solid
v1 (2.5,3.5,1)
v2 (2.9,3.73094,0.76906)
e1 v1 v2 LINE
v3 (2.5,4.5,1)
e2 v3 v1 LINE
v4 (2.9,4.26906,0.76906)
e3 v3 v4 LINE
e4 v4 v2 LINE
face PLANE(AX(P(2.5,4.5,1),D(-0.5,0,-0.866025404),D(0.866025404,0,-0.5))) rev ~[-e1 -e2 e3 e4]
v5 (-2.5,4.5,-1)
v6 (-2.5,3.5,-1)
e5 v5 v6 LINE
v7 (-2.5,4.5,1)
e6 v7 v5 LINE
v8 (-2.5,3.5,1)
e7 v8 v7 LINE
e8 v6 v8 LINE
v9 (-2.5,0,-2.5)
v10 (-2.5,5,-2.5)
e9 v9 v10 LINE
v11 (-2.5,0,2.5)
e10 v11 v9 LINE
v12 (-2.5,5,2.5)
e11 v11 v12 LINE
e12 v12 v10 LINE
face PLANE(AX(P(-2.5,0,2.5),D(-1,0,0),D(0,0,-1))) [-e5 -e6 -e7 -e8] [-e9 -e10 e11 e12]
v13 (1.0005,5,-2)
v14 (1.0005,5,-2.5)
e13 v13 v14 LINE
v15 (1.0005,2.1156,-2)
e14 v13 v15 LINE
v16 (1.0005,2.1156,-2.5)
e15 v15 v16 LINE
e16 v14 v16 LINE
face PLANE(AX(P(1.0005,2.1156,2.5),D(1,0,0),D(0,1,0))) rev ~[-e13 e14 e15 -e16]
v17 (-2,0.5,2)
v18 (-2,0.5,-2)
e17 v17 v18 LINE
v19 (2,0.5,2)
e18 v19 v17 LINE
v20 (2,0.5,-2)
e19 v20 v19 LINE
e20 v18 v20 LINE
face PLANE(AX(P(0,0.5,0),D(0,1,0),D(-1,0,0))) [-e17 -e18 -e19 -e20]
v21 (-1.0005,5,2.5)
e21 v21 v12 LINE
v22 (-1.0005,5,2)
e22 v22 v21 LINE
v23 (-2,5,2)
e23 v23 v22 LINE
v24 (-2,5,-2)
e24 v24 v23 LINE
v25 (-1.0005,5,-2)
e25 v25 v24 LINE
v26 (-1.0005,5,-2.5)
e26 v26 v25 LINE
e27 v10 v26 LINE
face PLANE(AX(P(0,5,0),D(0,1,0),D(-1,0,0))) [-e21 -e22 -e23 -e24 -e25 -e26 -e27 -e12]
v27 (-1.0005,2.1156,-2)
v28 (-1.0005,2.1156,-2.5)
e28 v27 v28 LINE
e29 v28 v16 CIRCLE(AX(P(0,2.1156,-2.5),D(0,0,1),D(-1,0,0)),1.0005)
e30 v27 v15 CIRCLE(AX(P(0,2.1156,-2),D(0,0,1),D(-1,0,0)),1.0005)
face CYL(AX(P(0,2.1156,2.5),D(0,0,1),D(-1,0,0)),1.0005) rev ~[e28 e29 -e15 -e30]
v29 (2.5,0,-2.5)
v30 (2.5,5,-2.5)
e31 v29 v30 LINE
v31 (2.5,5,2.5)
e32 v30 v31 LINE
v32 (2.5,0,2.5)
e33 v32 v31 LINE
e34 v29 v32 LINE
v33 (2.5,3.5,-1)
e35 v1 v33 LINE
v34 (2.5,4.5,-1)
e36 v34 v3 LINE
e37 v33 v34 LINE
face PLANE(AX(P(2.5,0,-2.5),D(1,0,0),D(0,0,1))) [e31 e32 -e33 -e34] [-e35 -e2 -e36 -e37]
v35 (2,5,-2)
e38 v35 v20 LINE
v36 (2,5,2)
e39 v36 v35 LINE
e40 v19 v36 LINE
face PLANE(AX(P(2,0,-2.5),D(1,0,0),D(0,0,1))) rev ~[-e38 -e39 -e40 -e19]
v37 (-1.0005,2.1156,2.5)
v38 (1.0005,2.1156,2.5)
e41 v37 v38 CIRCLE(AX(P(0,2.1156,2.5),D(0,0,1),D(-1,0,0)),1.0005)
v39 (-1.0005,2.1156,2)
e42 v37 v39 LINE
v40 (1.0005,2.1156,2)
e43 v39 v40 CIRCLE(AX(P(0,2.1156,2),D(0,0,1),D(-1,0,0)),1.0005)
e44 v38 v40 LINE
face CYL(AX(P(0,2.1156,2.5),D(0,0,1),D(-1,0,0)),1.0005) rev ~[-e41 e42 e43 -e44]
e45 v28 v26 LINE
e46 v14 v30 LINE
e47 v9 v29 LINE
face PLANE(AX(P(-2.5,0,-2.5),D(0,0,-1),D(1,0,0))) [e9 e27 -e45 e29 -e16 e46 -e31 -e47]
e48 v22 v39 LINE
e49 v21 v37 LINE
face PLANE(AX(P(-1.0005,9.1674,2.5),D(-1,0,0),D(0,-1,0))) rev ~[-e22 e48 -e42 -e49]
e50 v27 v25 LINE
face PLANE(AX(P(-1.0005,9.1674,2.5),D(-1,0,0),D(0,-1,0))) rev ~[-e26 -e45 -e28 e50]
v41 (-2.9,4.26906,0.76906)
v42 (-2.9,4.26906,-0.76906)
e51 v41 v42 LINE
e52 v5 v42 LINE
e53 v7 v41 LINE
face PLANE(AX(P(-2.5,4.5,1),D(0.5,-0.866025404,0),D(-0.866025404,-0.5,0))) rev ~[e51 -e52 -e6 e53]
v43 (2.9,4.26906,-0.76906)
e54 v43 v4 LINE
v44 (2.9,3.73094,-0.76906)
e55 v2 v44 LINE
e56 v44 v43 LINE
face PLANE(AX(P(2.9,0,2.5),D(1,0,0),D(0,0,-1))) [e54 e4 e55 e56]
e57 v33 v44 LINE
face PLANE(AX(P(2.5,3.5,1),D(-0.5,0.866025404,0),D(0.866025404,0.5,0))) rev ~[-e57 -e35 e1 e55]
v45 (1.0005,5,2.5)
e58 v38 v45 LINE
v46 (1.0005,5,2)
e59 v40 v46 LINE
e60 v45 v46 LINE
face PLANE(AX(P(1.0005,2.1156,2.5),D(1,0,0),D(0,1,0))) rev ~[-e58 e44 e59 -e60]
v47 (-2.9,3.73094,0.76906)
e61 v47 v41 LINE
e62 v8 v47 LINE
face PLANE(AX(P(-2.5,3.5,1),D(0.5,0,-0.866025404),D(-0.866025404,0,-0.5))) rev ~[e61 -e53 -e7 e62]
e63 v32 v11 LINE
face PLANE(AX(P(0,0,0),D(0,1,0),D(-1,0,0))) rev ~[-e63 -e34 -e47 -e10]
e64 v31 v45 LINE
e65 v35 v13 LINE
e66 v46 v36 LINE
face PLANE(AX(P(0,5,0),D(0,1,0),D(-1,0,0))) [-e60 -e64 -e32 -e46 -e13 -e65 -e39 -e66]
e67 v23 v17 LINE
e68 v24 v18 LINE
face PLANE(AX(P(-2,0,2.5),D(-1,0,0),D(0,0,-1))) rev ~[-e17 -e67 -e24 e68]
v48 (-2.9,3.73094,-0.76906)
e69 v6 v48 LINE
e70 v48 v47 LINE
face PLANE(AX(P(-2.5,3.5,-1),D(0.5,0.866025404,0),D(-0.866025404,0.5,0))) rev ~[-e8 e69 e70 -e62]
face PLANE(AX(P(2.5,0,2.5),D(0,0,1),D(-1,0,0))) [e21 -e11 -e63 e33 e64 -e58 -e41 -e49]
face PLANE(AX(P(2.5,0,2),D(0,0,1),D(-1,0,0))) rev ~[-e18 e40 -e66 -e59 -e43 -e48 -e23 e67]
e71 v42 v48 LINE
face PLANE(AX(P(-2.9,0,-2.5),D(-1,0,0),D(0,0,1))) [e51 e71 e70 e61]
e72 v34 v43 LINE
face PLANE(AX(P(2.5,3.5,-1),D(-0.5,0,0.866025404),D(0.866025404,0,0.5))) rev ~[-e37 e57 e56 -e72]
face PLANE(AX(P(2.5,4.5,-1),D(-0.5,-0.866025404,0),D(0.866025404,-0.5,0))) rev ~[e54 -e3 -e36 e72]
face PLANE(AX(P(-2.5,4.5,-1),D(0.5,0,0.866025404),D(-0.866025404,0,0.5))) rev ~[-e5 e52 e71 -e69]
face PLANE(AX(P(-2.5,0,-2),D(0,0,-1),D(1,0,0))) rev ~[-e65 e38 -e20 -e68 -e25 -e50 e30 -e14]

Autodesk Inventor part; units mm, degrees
ref_plane "YZ Plane" through (0, 0, 0) normal (1, 0, 0) x (0, 1, 0)
ref_plane "XZ Plane" through (0, 0, 0) normal (0, 1, 0) x (-1, 0, 0)
ref_plane "XY Plane" through (0, 0, 0) normal (0, 0, 1) x (1, 0, 0)
sketch "Sketch1" plane through (0, 0, 0) normal (0, 1, 0) x (-1, 0, 0)
  line L0 (-2.5, 2.5) -> (2.5, 2.5)
  line L1 (2.5, 2.5) -> (2.5, -2.5)
  line L2 (2.5, -2.5) -> (-2.5, -2.5)
  line L3 (-2.5, -2.5) -> (-2.5, 2.5)
  line L4 (-2.5, 2.5) -> (2.5, -2.5) construction
  line L5 (2.5, 2.5) -> (-2.5, -2.5) construction
  point P0 (0, 0)
  dimension "d0" = 5
  dimension "d1" = 5
extrude "Extrusion1" add sketch "Sketch1" along normal blind 5
shell "Shell1" thickness 0.5 removed faces 1 at (-0.8333, 5, -0.8333)
sketch "Sketch3" plane through (-2.5, 0, 2.5) normal (0, 0, 1) x (1, 0, 0)
  line L0 (2.5, 9.1674) -> (2.5, 2.1156) construction
  line L1 (1.4995, 9.1674) -> (1.4995, 2.1156)
  line L2 (3.5005, 2.1156) -> (3.5005, 9.1674)
  arc A0 (3.5005, 9.1674) -> (1.4995, 9.1674) centre (2.5, 9.1674) ccw
  arc A1 (1.4995, 2.1156) -> (3.5005, 2.1156) centre (2.5, 2.1156) ccw
  point P0 (2.5, 0)
  point P1 (2.5, 5.6415)
extrude "Extrusion3" cut sketch "Sketch3" against normal through all
sketch "Sketch4" plane through (0, 5, 0) normal (0, 1, 0) x (1, 0, 0)
  point P0 (0, 0)
sketch "Sketch5" plane through (0, 5, 0) normal (0, 1, 0) x (1, 0, 0)
  point P0 (0, 0)
sketch "Sketch6" plane through (0, 5, 0) normal (0, 1, 0) x (1, 0, 0)
  point P0 (0, 0)
sketch "Sketch7" plane through (0, 0, 0) normal (0, -1, 0) x (1, 0, 0)
  point P0 (0, 0)
sketch "Sketch8" plane through (-2.5, 0, -2.5) normal (-1, 0, 0) x (0, 0, 1)
  point P0 (2.5, 0)
sketch "Sketch9" plane through (2.5, 0, 2.5) normal (1, 0, 0) x (0, 0, -1)
  line L0 (1.5, 3.5) -> (3.5, 3.5)
  line L1 (3.5, 3.5) -> (3.5, 4.5)
  line L2 (3.5, 4.5) -> (1.5, 4.5)
  line L3 (1.5, 4.5) -> (1.5, 3.5)
  line L4 (1.5, 3.5) -> (3.5, 4.5) construction
  line L5 (3.5, 3.5) -> (1.5, 4.5) construction
  line L6 (0, 5) -> (5, 5) projected
  point P0 (2.5, 0)
  point P1 (2.5, 4)
  dimension "d10" = 1
  dimension "d14" = 2
  dimension "d15" = 1
extrude "Extrusion4" add sketch "Sketch9" along normal blind 0.4 draft -30
sketch "Sketch10" plane through (-2.5, 0, -2.5) normal (-1, 0, 0) x (0, 0, 1)
  line L0 (1.5, 3.5) -> (3.5, 3.5)
  line L1 (3.5, 3.5) -> (3.5, 4.5)
  line L2 (3.5, 4.5) -> (1.5, 4.5)
  line L3 (1.5, 4.5) -> (1.5, 3.5)
  line L4 (1.5, 3.5) -> (3.5, 4.5) construction
  line L5 (3.5, 3.5) -> (1.5, 4.5) construction
  line L6 (0, 5) -> (5, 5) projected
  point P0 (2.5, 0)
  point P1 (2.5, 4)
  dimension "d13" = 1
  dimension "d16" = 2
  dimension "d17" = 1
extrude "Extrusion5" add sketch "Sketch10" along normal blind 0.4 draft -30
equation "\"d16\" = d14"
equation "\"d17\" = d15"
properties part number "snapfit_v09"
